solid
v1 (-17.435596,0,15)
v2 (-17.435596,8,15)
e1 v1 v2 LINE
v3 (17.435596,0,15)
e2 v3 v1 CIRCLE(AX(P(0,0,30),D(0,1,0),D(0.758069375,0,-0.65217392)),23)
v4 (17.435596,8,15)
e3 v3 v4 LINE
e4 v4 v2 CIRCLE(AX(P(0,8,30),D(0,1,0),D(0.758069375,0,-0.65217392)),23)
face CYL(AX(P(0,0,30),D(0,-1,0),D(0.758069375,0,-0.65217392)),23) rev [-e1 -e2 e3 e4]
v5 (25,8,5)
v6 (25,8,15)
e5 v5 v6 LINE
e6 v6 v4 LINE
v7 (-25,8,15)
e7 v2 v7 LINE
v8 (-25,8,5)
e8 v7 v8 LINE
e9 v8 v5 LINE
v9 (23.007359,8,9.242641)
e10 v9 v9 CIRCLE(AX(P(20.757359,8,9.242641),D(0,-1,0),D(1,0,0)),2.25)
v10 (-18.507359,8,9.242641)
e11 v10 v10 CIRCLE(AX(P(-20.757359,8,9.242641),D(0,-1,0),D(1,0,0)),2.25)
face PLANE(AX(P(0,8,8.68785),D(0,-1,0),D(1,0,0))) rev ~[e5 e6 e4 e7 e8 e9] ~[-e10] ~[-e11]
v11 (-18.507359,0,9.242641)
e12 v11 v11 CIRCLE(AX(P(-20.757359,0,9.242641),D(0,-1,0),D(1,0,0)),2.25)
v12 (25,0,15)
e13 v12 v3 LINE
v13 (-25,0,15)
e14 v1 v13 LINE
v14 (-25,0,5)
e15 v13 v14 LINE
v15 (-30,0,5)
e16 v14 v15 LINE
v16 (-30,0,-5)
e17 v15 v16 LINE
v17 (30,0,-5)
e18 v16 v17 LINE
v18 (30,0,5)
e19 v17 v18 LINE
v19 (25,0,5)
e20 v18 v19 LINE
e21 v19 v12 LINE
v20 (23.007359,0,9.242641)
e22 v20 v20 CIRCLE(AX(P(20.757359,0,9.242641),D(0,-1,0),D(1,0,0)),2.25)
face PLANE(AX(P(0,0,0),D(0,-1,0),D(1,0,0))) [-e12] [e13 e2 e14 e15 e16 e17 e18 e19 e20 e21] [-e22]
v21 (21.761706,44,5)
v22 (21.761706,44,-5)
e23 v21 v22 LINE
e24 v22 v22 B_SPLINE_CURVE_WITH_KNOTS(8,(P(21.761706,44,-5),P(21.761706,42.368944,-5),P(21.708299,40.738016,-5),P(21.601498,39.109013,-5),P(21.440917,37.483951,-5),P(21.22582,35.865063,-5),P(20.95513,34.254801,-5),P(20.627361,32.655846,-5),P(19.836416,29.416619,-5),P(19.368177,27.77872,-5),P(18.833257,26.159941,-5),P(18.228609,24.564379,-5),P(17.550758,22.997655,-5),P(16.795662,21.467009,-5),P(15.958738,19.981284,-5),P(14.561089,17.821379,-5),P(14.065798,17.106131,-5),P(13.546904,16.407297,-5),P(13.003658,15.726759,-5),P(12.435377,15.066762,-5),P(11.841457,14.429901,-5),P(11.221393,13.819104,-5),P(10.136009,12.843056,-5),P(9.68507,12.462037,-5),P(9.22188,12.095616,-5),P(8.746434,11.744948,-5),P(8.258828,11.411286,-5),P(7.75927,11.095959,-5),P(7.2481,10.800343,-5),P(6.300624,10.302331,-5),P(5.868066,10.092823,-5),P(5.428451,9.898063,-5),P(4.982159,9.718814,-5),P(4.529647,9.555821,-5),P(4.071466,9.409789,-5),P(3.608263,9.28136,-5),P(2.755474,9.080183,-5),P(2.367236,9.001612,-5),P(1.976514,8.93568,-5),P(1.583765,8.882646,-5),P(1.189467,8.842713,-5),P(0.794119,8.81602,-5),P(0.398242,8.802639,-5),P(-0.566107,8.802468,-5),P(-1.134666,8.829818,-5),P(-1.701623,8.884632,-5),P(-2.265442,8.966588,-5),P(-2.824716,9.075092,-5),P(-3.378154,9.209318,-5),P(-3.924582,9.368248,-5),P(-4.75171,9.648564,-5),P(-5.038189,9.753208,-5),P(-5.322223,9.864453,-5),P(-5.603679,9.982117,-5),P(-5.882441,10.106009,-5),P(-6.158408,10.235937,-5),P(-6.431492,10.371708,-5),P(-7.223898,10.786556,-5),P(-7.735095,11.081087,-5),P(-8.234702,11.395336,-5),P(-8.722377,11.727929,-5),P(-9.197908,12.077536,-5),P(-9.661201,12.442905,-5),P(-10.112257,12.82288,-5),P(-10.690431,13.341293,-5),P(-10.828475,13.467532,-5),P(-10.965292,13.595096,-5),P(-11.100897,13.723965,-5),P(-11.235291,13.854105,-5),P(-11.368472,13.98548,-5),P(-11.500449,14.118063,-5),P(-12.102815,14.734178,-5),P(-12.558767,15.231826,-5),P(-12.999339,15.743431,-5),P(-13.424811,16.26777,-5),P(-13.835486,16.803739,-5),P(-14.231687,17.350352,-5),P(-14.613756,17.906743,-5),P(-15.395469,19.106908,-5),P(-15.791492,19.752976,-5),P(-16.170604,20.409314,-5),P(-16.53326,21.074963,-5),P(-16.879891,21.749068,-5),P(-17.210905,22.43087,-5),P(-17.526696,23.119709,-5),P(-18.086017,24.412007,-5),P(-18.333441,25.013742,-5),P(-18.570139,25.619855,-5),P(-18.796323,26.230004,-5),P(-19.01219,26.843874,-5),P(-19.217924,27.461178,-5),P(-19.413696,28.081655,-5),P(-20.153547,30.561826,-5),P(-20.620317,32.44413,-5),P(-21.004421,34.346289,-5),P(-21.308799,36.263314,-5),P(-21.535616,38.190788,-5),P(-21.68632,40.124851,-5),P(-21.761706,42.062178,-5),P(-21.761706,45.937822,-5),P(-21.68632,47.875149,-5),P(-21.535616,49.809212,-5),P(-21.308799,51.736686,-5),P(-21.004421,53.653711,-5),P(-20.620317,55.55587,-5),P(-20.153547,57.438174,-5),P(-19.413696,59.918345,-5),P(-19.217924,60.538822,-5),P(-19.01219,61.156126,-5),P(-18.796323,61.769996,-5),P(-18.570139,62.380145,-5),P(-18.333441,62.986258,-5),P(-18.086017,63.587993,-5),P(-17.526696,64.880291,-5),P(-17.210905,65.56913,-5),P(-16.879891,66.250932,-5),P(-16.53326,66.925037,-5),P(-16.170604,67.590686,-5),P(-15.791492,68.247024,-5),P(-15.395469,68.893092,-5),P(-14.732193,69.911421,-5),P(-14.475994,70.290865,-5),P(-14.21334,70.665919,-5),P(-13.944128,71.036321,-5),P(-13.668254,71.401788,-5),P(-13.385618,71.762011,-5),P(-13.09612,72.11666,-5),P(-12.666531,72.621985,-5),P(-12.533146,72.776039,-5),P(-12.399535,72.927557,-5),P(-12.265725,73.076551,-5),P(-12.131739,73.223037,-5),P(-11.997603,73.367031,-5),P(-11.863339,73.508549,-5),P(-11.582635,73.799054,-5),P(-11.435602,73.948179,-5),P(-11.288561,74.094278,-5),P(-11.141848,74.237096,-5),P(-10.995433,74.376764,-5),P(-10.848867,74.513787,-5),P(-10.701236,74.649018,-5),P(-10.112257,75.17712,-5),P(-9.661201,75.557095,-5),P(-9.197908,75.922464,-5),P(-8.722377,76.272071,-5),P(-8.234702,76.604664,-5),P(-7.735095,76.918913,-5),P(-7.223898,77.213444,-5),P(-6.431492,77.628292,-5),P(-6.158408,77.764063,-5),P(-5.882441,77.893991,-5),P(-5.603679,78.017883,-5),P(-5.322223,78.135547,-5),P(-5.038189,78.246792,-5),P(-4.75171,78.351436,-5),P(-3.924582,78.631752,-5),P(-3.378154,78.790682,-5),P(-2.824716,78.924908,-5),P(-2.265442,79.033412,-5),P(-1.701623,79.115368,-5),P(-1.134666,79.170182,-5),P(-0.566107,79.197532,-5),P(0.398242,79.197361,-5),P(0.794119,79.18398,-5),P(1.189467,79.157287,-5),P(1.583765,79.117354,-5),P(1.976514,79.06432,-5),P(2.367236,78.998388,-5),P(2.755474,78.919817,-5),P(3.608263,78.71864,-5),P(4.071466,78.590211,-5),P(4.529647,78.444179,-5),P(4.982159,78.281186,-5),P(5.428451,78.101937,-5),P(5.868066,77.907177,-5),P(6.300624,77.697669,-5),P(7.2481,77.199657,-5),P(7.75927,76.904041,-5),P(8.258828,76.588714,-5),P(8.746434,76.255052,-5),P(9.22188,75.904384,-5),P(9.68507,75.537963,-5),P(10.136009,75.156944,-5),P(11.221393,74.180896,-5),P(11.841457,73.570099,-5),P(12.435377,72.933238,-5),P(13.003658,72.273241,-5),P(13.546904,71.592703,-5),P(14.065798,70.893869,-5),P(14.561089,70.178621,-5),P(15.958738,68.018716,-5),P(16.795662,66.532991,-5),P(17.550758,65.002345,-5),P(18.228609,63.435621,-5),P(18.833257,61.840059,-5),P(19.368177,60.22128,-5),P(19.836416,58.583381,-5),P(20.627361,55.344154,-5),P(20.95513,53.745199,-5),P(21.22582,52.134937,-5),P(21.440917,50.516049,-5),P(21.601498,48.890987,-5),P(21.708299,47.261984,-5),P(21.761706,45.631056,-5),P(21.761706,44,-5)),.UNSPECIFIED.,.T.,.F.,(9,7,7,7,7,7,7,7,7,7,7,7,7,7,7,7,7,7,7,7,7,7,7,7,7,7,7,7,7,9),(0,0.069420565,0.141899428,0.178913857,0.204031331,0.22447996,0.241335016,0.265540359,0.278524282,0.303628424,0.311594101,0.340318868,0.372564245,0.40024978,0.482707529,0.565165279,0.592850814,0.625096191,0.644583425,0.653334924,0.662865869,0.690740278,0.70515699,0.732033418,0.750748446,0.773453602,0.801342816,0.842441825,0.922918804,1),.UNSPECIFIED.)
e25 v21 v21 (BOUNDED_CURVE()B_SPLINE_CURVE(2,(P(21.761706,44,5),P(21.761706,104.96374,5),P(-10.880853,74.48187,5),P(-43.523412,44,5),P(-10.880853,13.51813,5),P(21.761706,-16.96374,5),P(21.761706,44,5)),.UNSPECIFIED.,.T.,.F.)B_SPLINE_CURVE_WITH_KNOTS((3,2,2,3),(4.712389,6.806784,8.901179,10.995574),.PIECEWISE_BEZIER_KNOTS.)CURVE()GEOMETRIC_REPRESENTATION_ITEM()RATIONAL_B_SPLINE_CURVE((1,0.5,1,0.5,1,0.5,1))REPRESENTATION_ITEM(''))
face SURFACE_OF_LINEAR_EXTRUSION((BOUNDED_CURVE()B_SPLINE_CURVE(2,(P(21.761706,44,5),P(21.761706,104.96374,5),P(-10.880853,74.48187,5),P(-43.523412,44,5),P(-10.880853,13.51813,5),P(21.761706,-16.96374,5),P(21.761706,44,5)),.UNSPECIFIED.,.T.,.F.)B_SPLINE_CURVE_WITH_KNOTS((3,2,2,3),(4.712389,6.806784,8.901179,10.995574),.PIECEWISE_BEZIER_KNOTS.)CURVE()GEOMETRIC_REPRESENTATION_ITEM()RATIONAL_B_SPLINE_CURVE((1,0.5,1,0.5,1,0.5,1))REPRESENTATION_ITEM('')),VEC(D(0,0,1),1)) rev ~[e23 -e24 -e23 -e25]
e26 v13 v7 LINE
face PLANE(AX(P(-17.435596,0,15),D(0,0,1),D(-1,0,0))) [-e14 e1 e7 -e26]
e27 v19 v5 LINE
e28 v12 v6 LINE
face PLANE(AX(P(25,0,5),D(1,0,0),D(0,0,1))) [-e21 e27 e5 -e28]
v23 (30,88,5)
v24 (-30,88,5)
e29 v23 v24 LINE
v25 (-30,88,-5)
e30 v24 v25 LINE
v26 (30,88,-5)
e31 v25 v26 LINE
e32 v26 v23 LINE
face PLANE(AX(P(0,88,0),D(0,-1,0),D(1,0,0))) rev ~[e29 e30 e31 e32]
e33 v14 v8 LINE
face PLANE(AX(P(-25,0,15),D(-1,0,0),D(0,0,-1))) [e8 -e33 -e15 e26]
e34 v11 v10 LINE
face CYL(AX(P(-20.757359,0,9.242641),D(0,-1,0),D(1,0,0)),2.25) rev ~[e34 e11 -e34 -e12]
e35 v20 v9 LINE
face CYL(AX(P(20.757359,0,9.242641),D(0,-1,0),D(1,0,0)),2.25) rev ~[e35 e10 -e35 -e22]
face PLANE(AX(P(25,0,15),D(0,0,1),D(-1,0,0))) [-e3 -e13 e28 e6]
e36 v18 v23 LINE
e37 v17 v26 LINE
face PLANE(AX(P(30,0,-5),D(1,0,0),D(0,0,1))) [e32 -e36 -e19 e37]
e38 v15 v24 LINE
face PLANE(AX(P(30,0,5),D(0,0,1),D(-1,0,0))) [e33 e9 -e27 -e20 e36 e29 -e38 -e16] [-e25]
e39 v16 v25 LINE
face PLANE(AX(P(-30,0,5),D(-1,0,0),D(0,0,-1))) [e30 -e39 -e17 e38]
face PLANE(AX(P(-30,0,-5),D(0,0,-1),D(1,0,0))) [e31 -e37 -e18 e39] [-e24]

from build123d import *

# Parameters (mm, degrees)
F1_DEPTH = 88
F0_R     = 2.25
F2_DEPTH = 8
F4_DEPTH = 10.001


with BuildPart() as f1:
    # F0 (on Front) → F1 (new body)
    with BuildSketch(Plane.XZ):
        Polygon((-30, -5), (30, -5), (30, 5), (25, 5), (-25, 5), (-30, 5), align=None)
    extrude(amount=-F1_DEPTH)

    # F0 (on Front) → F2 (join)
    with BuildSketch(Plane.XZ):
        with BuildLine():
            Line((-25, 5), (25, 5))
            Line((25, 5), (25, 15))
            Line((25, 15), (17.435596, 15))
            ThreePointArc((17.435596, 15), (0, 7), (-17.435596, 15))
            Line((-17.435596, 15), (-25, 15))
            Line((-25, 15), (-25, 5))
        make_face()
        with Locations((-20.757359, 9.242641)):
            Circle(F0_R, mode=Mode.SUBTRACT)
        with Locations((20.757359, 9.242641)):
            Circle(F0_R, mode=Mode.SUBTRACT)
    extrude(amount=-F2_DEPTH)

    # F3 (on face) → F4 (cut, through all)
    with BuildSketch(Plane.XY.offset(5)):
        with BuildLine():
            add(Edge.make_bspline(
                [(21.761706, 44), (21.761706, 104.96374), (-10.880853, 74.48187), (-43.523412, 44), (-10.880853, 13.51813), (21.761706, -16.96374), (21.761706, 44)],
                knots=[4.712389, 4.712389, 4.712389, 6.806784, 6.806784, 8.901179, 8.901179, 10.995574, 10.995574, 10.995574], degree=2, weights=[1, 0.5, 1, 0.5, 1, 0.5, 1]))
        make_face()
    extrude(amount=-F4_DEPTH, mode=Mode.SUBTRACT)


solid = f1.part
